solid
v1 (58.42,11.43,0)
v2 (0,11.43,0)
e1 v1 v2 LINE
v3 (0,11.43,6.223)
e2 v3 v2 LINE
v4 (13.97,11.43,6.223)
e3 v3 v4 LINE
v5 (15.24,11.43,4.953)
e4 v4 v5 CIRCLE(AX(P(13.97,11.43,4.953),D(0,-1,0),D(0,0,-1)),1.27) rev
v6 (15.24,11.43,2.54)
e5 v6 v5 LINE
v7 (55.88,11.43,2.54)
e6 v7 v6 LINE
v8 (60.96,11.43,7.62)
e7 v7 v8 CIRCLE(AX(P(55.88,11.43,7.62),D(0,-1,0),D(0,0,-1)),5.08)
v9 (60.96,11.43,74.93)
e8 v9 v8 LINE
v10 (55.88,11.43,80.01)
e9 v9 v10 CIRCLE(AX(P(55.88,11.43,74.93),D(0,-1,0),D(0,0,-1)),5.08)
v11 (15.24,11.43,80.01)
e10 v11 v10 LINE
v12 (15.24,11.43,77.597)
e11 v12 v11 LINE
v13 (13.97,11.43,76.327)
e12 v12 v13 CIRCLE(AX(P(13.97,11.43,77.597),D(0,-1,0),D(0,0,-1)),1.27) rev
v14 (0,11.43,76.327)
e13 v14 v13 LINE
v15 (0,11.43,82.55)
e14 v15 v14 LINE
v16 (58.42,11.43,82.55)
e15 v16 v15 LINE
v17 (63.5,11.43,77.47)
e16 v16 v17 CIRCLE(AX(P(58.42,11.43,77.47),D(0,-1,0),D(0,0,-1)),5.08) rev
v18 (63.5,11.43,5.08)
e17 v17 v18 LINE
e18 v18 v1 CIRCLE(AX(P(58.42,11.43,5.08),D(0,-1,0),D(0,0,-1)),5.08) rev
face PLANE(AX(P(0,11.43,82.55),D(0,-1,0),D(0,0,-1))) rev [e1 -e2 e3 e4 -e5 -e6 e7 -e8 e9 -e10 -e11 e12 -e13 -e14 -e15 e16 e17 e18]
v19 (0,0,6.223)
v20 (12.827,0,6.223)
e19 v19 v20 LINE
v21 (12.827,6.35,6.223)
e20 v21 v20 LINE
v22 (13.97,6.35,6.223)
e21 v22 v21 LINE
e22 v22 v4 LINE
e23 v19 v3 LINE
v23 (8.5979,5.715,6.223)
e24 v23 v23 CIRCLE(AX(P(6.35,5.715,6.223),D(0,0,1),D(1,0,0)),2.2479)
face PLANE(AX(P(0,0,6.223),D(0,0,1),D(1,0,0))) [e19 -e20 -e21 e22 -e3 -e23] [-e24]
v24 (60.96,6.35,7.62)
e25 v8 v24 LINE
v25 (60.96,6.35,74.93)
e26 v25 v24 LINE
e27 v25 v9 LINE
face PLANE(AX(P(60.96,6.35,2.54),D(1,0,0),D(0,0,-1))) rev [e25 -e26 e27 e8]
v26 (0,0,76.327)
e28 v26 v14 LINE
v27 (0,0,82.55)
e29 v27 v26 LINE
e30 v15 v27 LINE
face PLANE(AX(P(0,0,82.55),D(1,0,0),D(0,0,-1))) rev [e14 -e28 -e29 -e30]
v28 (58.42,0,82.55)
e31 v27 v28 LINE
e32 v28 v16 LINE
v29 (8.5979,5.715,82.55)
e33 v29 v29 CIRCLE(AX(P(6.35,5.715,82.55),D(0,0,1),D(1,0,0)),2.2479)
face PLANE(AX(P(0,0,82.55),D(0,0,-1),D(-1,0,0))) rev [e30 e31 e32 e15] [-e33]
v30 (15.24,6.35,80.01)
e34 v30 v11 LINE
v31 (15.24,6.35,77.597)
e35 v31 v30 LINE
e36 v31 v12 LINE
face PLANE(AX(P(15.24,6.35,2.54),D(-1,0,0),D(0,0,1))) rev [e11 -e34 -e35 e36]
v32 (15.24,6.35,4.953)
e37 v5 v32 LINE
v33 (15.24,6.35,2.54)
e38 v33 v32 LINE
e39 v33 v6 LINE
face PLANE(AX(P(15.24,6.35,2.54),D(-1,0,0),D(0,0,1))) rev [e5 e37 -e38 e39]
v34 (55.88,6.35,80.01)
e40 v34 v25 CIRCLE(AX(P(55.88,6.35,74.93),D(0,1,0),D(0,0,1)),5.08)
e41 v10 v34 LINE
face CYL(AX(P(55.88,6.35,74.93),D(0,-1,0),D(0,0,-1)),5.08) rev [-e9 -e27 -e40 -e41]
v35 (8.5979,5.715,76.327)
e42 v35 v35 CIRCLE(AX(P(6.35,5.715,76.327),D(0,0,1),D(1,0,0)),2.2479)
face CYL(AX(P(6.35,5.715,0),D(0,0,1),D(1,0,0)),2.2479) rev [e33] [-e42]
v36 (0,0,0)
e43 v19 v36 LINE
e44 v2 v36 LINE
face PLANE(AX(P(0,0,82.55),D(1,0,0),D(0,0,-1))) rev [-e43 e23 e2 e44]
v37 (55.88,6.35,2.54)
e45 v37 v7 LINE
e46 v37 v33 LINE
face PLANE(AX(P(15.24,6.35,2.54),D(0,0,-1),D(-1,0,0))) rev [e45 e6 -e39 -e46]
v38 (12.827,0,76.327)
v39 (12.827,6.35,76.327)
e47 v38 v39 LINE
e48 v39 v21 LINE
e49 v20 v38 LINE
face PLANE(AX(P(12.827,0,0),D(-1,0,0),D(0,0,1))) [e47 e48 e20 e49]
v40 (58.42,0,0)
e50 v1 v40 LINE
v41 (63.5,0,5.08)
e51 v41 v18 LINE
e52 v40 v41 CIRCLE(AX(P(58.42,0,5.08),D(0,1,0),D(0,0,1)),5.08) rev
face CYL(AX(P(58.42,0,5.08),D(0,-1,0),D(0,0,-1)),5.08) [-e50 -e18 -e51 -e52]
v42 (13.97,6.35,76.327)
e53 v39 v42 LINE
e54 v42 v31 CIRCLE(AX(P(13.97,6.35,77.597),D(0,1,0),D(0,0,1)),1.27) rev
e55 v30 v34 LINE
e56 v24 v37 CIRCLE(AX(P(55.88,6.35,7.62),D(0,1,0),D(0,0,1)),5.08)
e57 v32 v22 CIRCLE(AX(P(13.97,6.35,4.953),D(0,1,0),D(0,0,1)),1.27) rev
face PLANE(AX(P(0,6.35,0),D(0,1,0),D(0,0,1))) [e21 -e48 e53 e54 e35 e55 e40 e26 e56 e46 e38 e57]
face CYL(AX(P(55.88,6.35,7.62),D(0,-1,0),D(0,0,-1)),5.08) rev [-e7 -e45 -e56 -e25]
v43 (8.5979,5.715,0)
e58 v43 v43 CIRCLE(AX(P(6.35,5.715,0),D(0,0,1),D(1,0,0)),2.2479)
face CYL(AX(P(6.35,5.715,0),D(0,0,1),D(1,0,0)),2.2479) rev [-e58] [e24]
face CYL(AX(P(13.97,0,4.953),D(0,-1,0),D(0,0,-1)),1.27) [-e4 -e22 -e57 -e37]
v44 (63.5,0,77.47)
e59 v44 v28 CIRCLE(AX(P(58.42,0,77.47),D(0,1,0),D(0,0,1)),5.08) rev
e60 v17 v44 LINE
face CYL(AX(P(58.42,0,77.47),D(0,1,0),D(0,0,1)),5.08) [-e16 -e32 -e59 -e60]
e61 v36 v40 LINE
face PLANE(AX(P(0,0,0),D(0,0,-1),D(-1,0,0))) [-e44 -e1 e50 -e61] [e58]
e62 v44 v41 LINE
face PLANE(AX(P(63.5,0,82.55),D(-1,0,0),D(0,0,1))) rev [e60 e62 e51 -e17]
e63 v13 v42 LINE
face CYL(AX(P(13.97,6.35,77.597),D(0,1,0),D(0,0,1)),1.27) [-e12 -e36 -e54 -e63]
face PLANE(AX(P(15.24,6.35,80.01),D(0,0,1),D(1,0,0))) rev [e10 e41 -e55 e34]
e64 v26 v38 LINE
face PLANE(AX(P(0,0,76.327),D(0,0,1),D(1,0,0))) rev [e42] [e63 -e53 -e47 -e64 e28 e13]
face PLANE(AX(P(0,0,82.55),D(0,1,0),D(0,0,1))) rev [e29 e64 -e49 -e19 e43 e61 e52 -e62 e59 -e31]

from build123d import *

# Parameters (mm, degrees)
SKETCH1_W           = 63.5
SKETCH1_H           = 11.43
BOSS_EXTRUDE1_DEPTH = 82.55
SKETCH2_W           = 45.72
SKETCH2_H           = 77.47
CUT_EXTRUDE1_DEPTH  = 5.08
SKETCH3_W           = 13.335
SKETCH3_H           = 70.104
CUT_EXTRUDE2_DEPTH  = 105.77307574
SKETCH4_W           = 1.905
SKETCH4_H           = 70.104
CUT_EXTRUDE3_DEPTH  = 5.08
FILLET1_R           = 5.08
FILLET2_R           = 5.08
FILLET3_R           = 1.27
SKETCH5_R           = 2.2479
CUT_EXTRUDE4_DEPTH  = 105.77307574
SKETCH6_W           = 70.104
SKETCH6_H           = 6.35
BOSS_EXTRUDE2_DEPTH = 0.508


with BuildPart() as part:
    # Sketch1 → Boss-Extrude1 (new body)
    with BuildSketch(Plane.XY):
        with Locations((31.75, 5.715)):
            Rectangle(SKETCH1_W, SKETCH1_H)
    extrude(amount=BOSS_EXTRUDE1_DEPTH)

    # Sketch2 → Cut-Extrude1 (cut)
    with BuildSketch(Plane(origin=(0, 11.43, 0), x_dir=(1, 0, 0), z_dir=(0, 1, 0))):
        with Locations((38.1, -41.275)):
            Rectangle(SKETCH2_W, SKETCH2_H)
    extrude(amount=-CUT_EXTRUDE1_DEPTH, mode=Mode.SUBTRACT)

    # Sketch3 → Cut-Extrude2 (cut, through all)
    with BuildSketch(Plane(origin=(0, 11.43, 0), x_dir=(1, 0, 0), z_dir=(0, 1, 0))):
        with Locations((6.6675, -41.275)):
            Rectangle(SKETCH3_W, SKETCH3_H)
    extrude(amount=-CUT_EXTRUDE2_DEPTH, mode=Mode.SUBTRACT)

    # Sketch4 → Cut-Extrude3 (cut)
    with BuildSketch(Plane(origin=(0, 11.43, 0), x_dir=(1, 0, 0), z_dir=(0, 1, 0))):
        with Locations((14.2875, -41.275)):
            Rectangle(SKETCH4_W, SKETCH4_H)
    extrude(amount=-CUT_EXTRUDE3_DEPTH, mode=Mode.SUBTRACT)

    # Fillet1
    fillet1_edges = [part.edges().sort_by_distance(p)[0] for p in [
        (60.96, 8.89, 2.54),
        (60.96, 8.89, 80.01),
    ]]
    fillet(fillet1_edges, radius=FILLET1_R)

    # Fillet2
    fillet2_edges = [part.edges().sort_by_distance(p)[0] for p in [
        (63.5, 5.715, 82.55),
        (63.5, 5.715, 0),
    ]]
    fillet(fillet2_edges, radius=FILLET2_R)

    # Fillet3
    fillet3_edges = [part.edges().sort_by_distance(p)[0] for p in [
        (15.24, 8.89, 6.223),
        (15.24, 8.89, 76.327),
    ]]
    fillet(fillet3_edges, radius=FILLET3_R)

    # Sketch5 → Cut-Extrude4 (cut, through all)
    with BuildSketch(Plane.XY.offset(82.55)):
        with Locations((6.35, 5.715)):
            Circle(SKETCH5_R)
    extrude(amount=-CUT_EXTRUDE4_DEPTH, mode=Mode.SUBTRACT)

    # Sketch6 → Boss-Extrude2 (add)
    with BuildSketch(Plane.ZY.offset(-13.335)):
        with Locations((41.275, 3.175)):
            Rectangle(SKETCH6_W, SKETCH6_H)
    extrude(amount=BOSS_EXTRUDE2_DEPTH)


solid = part.part
